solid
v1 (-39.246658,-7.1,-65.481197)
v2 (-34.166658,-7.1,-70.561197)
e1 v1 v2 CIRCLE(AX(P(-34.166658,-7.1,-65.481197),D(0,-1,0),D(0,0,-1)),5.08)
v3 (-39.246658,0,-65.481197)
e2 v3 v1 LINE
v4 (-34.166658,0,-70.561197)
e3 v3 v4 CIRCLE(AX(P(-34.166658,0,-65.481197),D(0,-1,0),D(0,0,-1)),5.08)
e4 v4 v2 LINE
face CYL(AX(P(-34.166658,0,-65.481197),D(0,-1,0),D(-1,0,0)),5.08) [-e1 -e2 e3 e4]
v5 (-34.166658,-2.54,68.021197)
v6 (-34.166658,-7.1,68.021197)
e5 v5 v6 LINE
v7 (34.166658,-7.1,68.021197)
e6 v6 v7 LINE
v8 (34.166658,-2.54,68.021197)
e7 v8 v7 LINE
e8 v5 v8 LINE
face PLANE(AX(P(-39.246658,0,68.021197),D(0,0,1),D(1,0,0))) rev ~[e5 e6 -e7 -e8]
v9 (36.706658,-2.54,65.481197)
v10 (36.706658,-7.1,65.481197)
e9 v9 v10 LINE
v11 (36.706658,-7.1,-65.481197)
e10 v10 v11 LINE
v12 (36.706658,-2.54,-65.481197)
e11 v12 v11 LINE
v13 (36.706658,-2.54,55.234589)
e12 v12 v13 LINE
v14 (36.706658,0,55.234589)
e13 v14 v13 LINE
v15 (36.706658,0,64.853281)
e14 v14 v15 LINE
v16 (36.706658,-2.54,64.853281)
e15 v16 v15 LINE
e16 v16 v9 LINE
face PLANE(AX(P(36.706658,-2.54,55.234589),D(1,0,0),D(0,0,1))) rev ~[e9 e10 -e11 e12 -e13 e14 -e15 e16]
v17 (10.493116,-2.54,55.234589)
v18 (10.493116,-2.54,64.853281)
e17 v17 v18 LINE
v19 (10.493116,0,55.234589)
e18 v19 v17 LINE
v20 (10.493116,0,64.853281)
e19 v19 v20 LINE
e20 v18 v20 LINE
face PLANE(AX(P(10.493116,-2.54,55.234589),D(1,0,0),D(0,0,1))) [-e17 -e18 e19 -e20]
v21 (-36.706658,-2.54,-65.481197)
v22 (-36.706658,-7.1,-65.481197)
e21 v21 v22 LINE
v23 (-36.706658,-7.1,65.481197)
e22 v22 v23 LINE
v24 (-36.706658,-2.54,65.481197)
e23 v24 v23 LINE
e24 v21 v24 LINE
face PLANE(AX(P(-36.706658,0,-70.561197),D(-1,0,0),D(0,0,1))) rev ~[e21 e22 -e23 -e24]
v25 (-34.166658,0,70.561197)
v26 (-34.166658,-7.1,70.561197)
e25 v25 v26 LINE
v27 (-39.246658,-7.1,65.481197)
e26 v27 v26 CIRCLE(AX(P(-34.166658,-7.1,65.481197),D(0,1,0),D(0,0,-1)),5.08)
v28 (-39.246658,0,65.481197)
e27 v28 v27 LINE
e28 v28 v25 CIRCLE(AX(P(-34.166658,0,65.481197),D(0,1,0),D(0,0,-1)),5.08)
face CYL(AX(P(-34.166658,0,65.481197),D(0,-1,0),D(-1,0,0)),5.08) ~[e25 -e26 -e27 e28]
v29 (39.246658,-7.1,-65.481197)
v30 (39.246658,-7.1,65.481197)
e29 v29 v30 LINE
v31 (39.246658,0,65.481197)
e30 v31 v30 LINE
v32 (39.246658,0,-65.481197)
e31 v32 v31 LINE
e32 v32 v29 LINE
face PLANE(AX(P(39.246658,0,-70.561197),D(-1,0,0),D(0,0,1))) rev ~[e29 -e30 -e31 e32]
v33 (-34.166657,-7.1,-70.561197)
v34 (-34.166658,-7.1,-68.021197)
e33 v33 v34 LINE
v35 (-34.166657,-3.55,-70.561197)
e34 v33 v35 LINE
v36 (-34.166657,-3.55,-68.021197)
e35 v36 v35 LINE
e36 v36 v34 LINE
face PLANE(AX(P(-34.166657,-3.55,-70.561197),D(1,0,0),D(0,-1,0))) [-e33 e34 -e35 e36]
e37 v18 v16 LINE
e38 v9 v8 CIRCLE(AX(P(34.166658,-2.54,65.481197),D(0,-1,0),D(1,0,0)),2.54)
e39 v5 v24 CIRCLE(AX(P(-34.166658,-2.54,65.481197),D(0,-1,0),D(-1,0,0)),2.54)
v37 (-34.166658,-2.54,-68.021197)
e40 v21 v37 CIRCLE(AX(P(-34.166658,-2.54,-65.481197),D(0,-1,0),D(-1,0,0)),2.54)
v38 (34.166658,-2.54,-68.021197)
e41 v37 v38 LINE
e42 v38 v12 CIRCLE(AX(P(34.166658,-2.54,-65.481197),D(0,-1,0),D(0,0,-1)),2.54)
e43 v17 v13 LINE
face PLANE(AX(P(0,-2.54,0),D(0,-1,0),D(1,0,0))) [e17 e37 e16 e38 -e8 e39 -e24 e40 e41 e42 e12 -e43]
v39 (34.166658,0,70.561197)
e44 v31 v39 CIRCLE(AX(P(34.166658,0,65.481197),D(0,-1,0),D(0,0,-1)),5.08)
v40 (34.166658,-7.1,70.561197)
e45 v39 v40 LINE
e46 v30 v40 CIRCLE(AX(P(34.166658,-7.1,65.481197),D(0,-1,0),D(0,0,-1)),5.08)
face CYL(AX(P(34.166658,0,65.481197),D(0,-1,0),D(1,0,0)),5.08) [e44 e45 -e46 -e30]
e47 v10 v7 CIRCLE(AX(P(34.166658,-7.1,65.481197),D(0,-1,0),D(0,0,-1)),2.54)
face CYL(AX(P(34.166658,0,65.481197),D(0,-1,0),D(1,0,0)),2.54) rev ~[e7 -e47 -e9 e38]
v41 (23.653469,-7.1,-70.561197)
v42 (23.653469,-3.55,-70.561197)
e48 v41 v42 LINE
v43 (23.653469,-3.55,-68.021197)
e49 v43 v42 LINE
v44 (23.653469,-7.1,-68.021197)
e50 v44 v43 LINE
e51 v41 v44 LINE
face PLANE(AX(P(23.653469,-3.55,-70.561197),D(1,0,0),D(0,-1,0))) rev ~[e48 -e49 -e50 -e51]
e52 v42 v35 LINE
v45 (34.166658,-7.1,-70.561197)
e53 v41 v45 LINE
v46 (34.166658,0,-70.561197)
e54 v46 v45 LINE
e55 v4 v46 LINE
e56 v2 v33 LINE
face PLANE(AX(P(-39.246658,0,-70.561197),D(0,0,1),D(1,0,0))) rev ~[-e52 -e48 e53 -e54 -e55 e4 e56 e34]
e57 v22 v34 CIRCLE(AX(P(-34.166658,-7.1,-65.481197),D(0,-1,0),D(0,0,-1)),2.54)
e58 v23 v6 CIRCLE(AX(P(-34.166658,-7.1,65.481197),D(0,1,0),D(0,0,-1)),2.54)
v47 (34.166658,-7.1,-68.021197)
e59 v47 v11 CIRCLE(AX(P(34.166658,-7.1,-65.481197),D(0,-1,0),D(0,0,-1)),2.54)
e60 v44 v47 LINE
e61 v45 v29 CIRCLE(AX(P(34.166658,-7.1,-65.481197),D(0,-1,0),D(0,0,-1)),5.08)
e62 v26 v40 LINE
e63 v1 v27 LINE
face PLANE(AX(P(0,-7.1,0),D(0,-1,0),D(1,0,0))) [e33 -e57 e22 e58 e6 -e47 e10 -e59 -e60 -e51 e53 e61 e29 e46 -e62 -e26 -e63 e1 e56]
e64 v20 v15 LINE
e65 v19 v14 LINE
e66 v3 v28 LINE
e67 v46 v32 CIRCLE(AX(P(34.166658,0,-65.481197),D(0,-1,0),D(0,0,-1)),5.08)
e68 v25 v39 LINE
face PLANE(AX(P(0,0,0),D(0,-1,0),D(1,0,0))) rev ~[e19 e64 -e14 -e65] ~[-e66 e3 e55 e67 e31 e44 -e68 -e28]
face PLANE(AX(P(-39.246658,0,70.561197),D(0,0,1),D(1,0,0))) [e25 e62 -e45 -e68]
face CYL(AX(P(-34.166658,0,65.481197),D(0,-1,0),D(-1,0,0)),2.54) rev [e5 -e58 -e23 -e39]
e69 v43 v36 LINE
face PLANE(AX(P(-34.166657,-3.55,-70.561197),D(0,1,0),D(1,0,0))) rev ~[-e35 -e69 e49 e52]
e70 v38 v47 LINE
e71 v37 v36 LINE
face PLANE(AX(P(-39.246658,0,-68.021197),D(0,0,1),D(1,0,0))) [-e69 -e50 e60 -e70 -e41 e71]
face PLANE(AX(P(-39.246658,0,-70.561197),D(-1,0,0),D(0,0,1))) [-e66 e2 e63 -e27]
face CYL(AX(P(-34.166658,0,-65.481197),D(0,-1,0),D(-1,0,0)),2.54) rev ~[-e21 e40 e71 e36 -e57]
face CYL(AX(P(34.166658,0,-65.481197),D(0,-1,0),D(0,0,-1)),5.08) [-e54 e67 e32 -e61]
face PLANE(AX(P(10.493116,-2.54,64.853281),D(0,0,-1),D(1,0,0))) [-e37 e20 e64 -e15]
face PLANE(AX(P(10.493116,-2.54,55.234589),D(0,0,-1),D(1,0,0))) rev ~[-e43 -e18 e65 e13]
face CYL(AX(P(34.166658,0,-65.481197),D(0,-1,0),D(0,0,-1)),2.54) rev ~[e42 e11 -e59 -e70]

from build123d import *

# Parameters (mm, degrees)
F0_W     = 78.493316
F0_H     = 141.122394
F1_DEPTH = 7.1
F2_R     = 5.08
F3_T     = -2.54
F4_W     = 26.213542
F4_H     = 9.618692
F5_DEPTH = 12.7
F6_W     = 53.554615
F6_H     = 3.55
F6_W_2   = 4.265513
F7_DEPTH = 12.7


with BuildPart() as f1:
    # F0 (on Front) → F1 (new body)
    with BuildSketch(Plane.XZ):
        Rectangle(F0_W, F0_H)
    extrude(amount=F1_DEPTH)

    # F2
    f2_edges = [f1.edges().sort_by_distance(p)[0] for p in [
        (-39.246658, -3.55, 70.561197),
        (-39.246658, -3.55, -70.561197),
        (39.246658, -3.55, -70.561197),
        (39.246658, -3.55, 70.561197),
    ]]
    fillet(f2_edges, radius=F2_R)

    # F3
    f3_openings = [f1.faces().sort_by_distance(p)[0] for p in [
        (0, -7.1, 0),
    ]]
    offset(amount=F3_T, openings=f3_openings)

    # F4 (on face) → F5 (cut, symmetric)
    with BuildSketch(Plane.XZ.offset(2.54)):
        with Locations((23.599887, 60.043935)):
            Rectangle(F4_W, F4_H)
    extrude(amount=F5_DEPTH, both=True, mode=Mode.SUBTRACT)

    # F6 (on face) → F7 (cut, symmetric)
    with BuildSketch(Plane(origin=(0, 0, -70.561197), x_dir=(1, 0, 0), z_dir=(0, 0, -1))):
        with Locations((-7.38935, 5.325)):
            Rectangle(F6_W, F6_H)
        with Locations((21.520713, 5.325)):
            Rectangle(F6_W_2, F6_H)
    extrude(amount=F7_DEPTH, both=True, mode=Mode.SUBTRACT)


solid = f1.part
